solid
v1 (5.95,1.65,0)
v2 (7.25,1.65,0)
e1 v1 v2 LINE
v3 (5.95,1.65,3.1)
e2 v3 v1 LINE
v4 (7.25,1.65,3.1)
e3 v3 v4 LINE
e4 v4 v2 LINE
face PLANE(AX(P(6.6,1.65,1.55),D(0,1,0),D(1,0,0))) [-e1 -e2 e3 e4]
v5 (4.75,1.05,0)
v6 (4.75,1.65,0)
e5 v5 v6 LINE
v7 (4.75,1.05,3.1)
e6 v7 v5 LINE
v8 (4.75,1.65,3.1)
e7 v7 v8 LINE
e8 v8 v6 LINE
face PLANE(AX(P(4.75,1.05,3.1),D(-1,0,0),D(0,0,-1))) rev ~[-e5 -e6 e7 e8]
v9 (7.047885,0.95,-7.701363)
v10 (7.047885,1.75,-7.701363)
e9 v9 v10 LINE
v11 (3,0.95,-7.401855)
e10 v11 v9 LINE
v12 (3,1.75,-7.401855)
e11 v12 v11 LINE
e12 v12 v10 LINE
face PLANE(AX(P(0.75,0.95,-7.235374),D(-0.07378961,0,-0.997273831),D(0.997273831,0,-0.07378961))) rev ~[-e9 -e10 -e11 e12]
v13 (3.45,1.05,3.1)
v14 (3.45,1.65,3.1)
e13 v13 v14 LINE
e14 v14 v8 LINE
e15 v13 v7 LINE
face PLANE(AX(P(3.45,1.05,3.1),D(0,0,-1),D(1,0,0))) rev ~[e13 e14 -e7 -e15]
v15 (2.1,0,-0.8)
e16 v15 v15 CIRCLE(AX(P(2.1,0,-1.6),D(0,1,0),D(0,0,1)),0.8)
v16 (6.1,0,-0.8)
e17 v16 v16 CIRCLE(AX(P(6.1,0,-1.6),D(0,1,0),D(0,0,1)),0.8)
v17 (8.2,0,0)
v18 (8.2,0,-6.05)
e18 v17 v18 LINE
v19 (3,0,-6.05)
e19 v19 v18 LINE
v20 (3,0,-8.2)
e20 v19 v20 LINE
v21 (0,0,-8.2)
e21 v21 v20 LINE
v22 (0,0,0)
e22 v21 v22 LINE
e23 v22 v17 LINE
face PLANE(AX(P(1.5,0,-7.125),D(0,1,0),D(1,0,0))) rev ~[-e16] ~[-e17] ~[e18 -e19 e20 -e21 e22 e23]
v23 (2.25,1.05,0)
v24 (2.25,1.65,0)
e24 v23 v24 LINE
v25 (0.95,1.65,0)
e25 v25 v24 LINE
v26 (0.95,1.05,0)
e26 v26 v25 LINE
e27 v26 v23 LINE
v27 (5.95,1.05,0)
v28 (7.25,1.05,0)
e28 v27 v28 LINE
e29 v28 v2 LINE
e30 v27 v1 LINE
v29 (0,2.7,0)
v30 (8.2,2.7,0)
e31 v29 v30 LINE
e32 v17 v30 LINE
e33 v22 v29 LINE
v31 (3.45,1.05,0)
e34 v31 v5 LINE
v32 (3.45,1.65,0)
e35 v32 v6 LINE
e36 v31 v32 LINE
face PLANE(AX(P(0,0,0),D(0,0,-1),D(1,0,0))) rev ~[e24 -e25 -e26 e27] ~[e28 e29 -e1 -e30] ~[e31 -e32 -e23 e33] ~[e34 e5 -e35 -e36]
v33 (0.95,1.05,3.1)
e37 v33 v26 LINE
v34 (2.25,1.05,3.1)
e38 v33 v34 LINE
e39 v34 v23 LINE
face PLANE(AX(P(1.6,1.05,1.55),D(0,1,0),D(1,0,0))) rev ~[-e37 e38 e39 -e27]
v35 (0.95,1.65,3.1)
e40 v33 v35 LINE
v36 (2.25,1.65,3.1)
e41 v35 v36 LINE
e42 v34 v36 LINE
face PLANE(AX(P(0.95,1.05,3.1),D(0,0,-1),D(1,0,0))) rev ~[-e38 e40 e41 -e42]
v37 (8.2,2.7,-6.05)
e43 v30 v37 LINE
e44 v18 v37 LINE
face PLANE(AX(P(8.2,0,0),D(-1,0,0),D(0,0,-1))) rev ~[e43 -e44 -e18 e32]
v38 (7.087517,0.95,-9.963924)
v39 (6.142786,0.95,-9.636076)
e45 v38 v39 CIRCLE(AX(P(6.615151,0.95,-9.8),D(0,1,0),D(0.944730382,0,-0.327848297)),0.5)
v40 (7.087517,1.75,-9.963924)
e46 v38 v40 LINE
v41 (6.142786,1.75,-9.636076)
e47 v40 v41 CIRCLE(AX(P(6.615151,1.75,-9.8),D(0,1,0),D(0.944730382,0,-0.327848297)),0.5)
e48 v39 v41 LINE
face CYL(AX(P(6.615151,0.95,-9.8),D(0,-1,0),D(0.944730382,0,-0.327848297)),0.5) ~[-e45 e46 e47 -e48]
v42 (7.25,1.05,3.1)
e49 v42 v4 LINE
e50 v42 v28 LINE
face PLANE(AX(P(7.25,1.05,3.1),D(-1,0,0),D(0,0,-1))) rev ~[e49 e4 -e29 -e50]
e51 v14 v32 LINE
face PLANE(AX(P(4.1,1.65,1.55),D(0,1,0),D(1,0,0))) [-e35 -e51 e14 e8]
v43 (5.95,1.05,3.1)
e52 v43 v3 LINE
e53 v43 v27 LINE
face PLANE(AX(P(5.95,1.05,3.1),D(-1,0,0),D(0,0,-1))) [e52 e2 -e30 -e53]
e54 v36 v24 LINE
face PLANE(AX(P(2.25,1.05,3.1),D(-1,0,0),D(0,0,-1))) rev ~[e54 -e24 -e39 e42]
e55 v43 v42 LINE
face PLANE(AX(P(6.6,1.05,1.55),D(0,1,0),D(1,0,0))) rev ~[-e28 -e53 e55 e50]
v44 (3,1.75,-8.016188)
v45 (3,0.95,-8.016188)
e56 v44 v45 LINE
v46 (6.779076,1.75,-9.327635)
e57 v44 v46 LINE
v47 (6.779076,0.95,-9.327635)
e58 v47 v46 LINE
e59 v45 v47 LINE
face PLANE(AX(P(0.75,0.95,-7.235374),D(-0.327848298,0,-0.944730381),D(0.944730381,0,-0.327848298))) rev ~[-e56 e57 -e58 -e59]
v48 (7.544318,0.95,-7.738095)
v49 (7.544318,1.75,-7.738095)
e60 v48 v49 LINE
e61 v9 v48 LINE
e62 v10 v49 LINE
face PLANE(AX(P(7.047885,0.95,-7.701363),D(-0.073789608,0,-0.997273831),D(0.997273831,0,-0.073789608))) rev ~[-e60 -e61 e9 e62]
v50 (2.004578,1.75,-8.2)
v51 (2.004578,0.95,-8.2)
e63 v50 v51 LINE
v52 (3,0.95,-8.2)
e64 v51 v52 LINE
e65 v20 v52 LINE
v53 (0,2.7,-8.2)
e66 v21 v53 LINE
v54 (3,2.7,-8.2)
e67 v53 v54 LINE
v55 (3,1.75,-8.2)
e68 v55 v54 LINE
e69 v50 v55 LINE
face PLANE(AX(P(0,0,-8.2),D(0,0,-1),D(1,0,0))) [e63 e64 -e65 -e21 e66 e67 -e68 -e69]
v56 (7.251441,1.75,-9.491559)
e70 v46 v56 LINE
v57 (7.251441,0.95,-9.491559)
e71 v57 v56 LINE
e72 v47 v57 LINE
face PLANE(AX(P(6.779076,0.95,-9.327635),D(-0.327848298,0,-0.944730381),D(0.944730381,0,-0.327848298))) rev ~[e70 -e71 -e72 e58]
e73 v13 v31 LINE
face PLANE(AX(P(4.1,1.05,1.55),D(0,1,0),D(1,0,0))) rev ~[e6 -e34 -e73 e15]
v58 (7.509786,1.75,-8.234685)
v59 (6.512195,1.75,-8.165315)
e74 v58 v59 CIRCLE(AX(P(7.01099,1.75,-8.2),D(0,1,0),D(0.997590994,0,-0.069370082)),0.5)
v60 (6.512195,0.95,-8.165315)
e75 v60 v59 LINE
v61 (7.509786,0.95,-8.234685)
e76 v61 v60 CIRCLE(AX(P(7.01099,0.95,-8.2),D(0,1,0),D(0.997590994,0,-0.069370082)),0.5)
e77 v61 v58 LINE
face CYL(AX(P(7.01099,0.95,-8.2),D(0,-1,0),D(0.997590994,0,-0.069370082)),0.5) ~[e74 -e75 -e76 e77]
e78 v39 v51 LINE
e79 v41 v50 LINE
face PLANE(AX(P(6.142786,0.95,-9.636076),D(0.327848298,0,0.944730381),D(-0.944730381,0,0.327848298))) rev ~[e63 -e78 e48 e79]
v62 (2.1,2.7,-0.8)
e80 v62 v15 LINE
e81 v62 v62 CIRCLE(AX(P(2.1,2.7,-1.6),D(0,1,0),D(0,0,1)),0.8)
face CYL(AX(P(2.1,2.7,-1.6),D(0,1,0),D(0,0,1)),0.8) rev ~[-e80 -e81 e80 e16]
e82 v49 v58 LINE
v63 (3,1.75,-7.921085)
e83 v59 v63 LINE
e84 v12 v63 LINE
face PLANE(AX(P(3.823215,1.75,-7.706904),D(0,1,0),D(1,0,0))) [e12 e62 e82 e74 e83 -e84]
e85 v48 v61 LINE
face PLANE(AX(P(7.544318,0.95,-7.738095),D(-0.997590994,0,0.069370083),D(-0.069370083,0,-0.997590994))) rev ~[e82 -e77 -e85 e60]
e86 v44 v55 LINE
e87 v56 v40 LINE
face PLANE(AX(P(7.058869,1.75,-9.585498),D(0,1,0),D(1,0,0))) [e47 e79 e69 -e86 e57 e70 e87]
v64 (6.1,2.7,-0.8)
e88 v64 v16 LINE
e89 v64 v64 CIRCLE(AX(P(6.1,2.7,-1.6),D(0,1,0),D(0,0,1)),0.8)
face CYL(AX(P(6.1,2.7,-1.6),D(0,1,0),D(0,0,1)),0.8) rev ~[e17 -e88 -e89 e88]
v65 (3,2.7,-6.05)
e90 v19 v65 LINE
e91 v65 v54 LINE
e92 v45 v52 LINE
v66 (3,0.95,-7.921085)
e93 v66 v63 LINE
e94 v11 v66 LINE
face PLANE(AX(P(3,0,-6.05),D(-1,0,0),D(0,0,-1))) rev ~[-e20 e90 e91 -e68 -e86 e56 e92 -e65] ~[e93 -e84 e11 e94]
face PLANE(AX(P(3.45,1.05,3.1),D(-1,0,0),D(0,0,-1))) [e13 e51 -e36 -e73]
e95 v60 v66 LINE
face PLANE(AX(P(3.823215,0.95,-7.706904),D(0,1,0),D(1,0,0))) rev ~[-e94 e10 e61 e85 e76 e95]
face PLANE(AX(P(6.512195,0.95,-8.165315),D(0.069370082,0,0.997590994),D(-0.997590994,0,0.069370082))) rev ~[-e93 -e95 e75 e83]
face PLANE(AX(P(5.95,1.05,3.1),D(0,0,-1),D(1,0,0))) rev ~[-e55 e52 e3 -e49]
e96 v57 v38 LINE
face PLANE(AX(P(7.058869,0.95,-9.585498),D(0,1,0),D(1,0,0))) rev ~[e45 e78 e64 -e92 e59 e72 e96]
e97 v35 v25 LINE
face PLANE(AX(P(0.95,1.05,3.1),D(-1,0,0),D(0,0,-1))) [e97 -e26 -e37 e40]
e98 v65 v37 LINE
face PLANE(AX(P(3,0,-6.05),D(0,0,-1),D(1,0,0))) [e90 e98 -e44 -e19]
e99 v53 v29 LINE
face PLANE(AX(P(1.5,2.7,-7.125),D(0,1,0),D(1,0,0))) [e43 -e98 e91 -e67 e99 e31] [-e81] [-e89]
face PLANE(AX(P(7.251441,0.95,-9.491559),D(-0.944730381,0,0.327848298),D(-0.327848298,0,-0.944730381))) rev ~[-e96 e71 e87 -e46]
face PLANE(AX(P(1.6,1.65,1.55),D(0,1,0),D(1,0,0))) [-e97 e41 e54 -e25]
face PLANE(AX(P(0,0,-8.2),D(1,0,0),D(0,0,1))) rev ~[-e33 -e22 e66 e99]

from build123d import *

# Parameters (mm, degrees)
SKETCH1_W                 = 3
SKETCH1_H                 = 2.15
SKETCH1_W_2               = 8.2
SKETCH1_H_2               = 6.05
BODY_DEPTH                = 2.7
PINS_DEPTH                = 0.3
PINS_DEPTH_BACK           = 0.3
SKETCH2_W                 = 1.3
SKETCH2_H                 = 3.1
SKETCH3_R                 = 0.8
M1_6HOLES_DEPTH           = 12.906720791
FREEPOSITION_DEPTH        = 0.4
FREEPOSITION_DEPTH_BACK   = 0.4
OPERATINGPOINT_DEPTH      = 0.4
OPERATINGPOINT_DEPTH_BACK = 0.4


with BuildPart() as part:
    # Sketch1 → Body (new body)
    with BuildSketch(Plane(origin=(0, 0, 0), x_dir=(1, 0, 0), z_dir=(0, 1, 0))):
        with Locations((1.5, 7.125)):
            Rectangle(SKETCH1_W, SKETCH1_H)
        with Locations((4.1, 3.025)):
            Rectangle(SKETCH1_W_2, SKETCH1_H_2)
    extrude(amount=BODY_DEPTH)

    # Sketch2 → Pins (add, two sides: drawn at the far end of the back side and taken through both)
    with BuildSketch(Plane(origin=(0, 1.35, 0), x_dir=(1, 0, 0), z_dir=(0, 1, 0)).offset(-PINS_DEPTH_BACK)):
        with Locations((1.6, -1.55)):
            Rectangle(SKETCH2_W, SKETCH2_H)
        with Locations((4.1, -1.55)):
            Rectangle(SKETCH2_W, SKETCH2_H)
        with Locations((6.6, -1.55)):
            Rectangle(SKETCH2_W, SKETCH2_H)
    extrude(amount=PINS_DEPTH + PINS_DEPTH_BACK)

    # Sketch3 → M1.6Holes (cut, through all)
    with BuildSketch(Plane(origin=(0, 2.7, 0), x_dir=(1, 0, 0), z_dir=(0, 1, 0))):
        with Locations(Location((2.1, 1.6, 0), (0, 0, 270))):
            Circle(SKETCH3_R)
        with Locations(Location((6.1, 1.6, 0), (0, 0, 270))):
            Circle(SKETCH3_R)
    extrude(amount=-M1_6HOLES_DEPTH, mode=Mode.SUBTRACT)

    # Sketch4 → FreePosition (add, two sides: drawn at the far end of the back side and taken through both)
    with BuildSketch(Plane(origin=(0, 1.35, 0), x_dir=(1, 0, 0), z_dir=(0, 1, 0)).offset(-FREEPOSITION_DEPTH_BACK)):
        with BuildLine():
            ThreePointArc((7.115151319, 9.8), (7.022559042, 9.510139779), (6.779075529, 9.32763483))
            Line((6.779075529, 9.32763483), (7.251440659, 9.491558958))
            Line((7.251440659, 9.491558958), (7.08751651, 9.963924149))
            ThreePointArc((7.08751651, 9.963924149), (7.108194216, 9.883118604), (7.115151319, 9.8))
        make_face()
        with BuildLine():
            ThreePointArc((6.142786129, 9.636075851), (6.146132258, 9.626733962), (6.149663119, 9.617460317))
            Line((6.149663119, 9.617460317), (6.615151319, 9.8))
            Line((6.615151319, 9.8), (6.142786129, 9.636075851))
        make_face()
        with BuildLine():
            Line((6.615151319, 9.8), (6.149663119, 9.617460317))
            ThreePointArc((6.149663119, 9.617460317), (6.40602238, 9.345835837), (6.779075529, 9.32763483))
            ThreePointArc((6.779075529, 9.32763483), (7.022559042, 9.510139779), (7.115151319, 9.8))
            ThreePointArc((7.115151319, 9.8), (7.108194216, 9.883118604), (7.08751651, 9.963924149))
            ThreePointArc((7.08751651, 9.963924149), (6.45122717, 10.272365191), (6.142786129, 9.636075851))
            Line((6.142786129, 9.636075851), (6.615151319, 9.8))
        make_face()
        with BuildLine():
            Line((6.149663119, 9.617460317), (0.75, 7.5))
            Line((0.75, 7.5), (0.75, 7.235374235))
            Line((0.75, 7.235374235), (6.779075529, 9.32763483))
            ThreePointArc((6.779075529, 9.32763483), (6.40602238, 9.345835837), (6.149663119, 9.617460317))
        make_face()
        with BuildLine():
            Line((0.75, 7.764625765), (0.75, 7.5))
            Line((0.75, 7.5), (6.149663119, 9.617460317))
            ThreePointArc((6.149663119, 9.617460317), (6.146132258, 9.626733962), (6.142786129, 9.636075851))
            Line((6.142786129, 9.636075851), (0.75, 7.764625765))
        make_face()
    extrude(amount=FREEPOSITION_DEPTH + FREEPOSITION_DEPTH_BACK)

    # Sketch5 → OperatingPoint (add, two sides: drawn at the far end of the back side and taken through both)
    with BuildSketch(Plane(origin=(0, 1.35, 0), x_dir=(1, 0, 0), z_dir=(0, 1, 0)).offset(-OPERATINGPOINT_DEPTH_BACK)):
        with BuildLine():
            Line((0.75, 7.764625765), (0.75, 7.235374235))
            Line((0.75, 7.235374235), (7.047885091, 7.701363081))
            ThreePointArc((7.047885091, 7.701363081), (6.6836512, 7.822046181), (6.51219484, 8.165314959))
            Line((6.51219484, 8.165314959), (0.75, 7.764625765))
        make_face()
        with BuildLine():
            ThreePointArc((7.510990337, 8.2), (7.377355849, 7.859740817), (7.047885091, 7.701363081))
            Line((7.047885091, 7.701363081), (7.544317529, 7.738094773))
            Line((7.544317529, 7.738094773), (7.509785834, 8.234685041))
            ThreePointArc((7.509785834, 8.234685041), (7.510689121, 8.217352975), (7.510990337, 8.2))
        make_face()
        with BuildLine():
            ThreePointArc((6.51219484, 8.165314959), (6.6836512, 7.822046181), (7.047885091, 7.701363081))
            ThreePointArc((7.047885091, 7.701363081), (7.377355849, 7.859740817), (7.510990337, 8.2))
            ThreePointArc((7.510990337, 8.2), (7.510689121, 8.217352975), (7.509785834, 8.234685041))
            Line((7.509785834, 8.234685041), (7.010990337, 8.2))
            Line((7.010990337, 8.2), (6.51219484, 8.165314959))
        make_face()
        with BuildLine():
            ThreePointArc((7.509785834, 8.234685041), (6.976305296, 8.698795497), (6.51219484, 8.165314959))
            Line((6.51219484, 8.165314959), (7.010990337, 8.2))
            Line((7.010990337, 8.2), (7.509785834, 8.234685041))
        make_face()
    extrude(amount=OPERATINGPOINT_DEPTH + OPERATINGPOINT_DEPTH_BACK)


solid = part.part
